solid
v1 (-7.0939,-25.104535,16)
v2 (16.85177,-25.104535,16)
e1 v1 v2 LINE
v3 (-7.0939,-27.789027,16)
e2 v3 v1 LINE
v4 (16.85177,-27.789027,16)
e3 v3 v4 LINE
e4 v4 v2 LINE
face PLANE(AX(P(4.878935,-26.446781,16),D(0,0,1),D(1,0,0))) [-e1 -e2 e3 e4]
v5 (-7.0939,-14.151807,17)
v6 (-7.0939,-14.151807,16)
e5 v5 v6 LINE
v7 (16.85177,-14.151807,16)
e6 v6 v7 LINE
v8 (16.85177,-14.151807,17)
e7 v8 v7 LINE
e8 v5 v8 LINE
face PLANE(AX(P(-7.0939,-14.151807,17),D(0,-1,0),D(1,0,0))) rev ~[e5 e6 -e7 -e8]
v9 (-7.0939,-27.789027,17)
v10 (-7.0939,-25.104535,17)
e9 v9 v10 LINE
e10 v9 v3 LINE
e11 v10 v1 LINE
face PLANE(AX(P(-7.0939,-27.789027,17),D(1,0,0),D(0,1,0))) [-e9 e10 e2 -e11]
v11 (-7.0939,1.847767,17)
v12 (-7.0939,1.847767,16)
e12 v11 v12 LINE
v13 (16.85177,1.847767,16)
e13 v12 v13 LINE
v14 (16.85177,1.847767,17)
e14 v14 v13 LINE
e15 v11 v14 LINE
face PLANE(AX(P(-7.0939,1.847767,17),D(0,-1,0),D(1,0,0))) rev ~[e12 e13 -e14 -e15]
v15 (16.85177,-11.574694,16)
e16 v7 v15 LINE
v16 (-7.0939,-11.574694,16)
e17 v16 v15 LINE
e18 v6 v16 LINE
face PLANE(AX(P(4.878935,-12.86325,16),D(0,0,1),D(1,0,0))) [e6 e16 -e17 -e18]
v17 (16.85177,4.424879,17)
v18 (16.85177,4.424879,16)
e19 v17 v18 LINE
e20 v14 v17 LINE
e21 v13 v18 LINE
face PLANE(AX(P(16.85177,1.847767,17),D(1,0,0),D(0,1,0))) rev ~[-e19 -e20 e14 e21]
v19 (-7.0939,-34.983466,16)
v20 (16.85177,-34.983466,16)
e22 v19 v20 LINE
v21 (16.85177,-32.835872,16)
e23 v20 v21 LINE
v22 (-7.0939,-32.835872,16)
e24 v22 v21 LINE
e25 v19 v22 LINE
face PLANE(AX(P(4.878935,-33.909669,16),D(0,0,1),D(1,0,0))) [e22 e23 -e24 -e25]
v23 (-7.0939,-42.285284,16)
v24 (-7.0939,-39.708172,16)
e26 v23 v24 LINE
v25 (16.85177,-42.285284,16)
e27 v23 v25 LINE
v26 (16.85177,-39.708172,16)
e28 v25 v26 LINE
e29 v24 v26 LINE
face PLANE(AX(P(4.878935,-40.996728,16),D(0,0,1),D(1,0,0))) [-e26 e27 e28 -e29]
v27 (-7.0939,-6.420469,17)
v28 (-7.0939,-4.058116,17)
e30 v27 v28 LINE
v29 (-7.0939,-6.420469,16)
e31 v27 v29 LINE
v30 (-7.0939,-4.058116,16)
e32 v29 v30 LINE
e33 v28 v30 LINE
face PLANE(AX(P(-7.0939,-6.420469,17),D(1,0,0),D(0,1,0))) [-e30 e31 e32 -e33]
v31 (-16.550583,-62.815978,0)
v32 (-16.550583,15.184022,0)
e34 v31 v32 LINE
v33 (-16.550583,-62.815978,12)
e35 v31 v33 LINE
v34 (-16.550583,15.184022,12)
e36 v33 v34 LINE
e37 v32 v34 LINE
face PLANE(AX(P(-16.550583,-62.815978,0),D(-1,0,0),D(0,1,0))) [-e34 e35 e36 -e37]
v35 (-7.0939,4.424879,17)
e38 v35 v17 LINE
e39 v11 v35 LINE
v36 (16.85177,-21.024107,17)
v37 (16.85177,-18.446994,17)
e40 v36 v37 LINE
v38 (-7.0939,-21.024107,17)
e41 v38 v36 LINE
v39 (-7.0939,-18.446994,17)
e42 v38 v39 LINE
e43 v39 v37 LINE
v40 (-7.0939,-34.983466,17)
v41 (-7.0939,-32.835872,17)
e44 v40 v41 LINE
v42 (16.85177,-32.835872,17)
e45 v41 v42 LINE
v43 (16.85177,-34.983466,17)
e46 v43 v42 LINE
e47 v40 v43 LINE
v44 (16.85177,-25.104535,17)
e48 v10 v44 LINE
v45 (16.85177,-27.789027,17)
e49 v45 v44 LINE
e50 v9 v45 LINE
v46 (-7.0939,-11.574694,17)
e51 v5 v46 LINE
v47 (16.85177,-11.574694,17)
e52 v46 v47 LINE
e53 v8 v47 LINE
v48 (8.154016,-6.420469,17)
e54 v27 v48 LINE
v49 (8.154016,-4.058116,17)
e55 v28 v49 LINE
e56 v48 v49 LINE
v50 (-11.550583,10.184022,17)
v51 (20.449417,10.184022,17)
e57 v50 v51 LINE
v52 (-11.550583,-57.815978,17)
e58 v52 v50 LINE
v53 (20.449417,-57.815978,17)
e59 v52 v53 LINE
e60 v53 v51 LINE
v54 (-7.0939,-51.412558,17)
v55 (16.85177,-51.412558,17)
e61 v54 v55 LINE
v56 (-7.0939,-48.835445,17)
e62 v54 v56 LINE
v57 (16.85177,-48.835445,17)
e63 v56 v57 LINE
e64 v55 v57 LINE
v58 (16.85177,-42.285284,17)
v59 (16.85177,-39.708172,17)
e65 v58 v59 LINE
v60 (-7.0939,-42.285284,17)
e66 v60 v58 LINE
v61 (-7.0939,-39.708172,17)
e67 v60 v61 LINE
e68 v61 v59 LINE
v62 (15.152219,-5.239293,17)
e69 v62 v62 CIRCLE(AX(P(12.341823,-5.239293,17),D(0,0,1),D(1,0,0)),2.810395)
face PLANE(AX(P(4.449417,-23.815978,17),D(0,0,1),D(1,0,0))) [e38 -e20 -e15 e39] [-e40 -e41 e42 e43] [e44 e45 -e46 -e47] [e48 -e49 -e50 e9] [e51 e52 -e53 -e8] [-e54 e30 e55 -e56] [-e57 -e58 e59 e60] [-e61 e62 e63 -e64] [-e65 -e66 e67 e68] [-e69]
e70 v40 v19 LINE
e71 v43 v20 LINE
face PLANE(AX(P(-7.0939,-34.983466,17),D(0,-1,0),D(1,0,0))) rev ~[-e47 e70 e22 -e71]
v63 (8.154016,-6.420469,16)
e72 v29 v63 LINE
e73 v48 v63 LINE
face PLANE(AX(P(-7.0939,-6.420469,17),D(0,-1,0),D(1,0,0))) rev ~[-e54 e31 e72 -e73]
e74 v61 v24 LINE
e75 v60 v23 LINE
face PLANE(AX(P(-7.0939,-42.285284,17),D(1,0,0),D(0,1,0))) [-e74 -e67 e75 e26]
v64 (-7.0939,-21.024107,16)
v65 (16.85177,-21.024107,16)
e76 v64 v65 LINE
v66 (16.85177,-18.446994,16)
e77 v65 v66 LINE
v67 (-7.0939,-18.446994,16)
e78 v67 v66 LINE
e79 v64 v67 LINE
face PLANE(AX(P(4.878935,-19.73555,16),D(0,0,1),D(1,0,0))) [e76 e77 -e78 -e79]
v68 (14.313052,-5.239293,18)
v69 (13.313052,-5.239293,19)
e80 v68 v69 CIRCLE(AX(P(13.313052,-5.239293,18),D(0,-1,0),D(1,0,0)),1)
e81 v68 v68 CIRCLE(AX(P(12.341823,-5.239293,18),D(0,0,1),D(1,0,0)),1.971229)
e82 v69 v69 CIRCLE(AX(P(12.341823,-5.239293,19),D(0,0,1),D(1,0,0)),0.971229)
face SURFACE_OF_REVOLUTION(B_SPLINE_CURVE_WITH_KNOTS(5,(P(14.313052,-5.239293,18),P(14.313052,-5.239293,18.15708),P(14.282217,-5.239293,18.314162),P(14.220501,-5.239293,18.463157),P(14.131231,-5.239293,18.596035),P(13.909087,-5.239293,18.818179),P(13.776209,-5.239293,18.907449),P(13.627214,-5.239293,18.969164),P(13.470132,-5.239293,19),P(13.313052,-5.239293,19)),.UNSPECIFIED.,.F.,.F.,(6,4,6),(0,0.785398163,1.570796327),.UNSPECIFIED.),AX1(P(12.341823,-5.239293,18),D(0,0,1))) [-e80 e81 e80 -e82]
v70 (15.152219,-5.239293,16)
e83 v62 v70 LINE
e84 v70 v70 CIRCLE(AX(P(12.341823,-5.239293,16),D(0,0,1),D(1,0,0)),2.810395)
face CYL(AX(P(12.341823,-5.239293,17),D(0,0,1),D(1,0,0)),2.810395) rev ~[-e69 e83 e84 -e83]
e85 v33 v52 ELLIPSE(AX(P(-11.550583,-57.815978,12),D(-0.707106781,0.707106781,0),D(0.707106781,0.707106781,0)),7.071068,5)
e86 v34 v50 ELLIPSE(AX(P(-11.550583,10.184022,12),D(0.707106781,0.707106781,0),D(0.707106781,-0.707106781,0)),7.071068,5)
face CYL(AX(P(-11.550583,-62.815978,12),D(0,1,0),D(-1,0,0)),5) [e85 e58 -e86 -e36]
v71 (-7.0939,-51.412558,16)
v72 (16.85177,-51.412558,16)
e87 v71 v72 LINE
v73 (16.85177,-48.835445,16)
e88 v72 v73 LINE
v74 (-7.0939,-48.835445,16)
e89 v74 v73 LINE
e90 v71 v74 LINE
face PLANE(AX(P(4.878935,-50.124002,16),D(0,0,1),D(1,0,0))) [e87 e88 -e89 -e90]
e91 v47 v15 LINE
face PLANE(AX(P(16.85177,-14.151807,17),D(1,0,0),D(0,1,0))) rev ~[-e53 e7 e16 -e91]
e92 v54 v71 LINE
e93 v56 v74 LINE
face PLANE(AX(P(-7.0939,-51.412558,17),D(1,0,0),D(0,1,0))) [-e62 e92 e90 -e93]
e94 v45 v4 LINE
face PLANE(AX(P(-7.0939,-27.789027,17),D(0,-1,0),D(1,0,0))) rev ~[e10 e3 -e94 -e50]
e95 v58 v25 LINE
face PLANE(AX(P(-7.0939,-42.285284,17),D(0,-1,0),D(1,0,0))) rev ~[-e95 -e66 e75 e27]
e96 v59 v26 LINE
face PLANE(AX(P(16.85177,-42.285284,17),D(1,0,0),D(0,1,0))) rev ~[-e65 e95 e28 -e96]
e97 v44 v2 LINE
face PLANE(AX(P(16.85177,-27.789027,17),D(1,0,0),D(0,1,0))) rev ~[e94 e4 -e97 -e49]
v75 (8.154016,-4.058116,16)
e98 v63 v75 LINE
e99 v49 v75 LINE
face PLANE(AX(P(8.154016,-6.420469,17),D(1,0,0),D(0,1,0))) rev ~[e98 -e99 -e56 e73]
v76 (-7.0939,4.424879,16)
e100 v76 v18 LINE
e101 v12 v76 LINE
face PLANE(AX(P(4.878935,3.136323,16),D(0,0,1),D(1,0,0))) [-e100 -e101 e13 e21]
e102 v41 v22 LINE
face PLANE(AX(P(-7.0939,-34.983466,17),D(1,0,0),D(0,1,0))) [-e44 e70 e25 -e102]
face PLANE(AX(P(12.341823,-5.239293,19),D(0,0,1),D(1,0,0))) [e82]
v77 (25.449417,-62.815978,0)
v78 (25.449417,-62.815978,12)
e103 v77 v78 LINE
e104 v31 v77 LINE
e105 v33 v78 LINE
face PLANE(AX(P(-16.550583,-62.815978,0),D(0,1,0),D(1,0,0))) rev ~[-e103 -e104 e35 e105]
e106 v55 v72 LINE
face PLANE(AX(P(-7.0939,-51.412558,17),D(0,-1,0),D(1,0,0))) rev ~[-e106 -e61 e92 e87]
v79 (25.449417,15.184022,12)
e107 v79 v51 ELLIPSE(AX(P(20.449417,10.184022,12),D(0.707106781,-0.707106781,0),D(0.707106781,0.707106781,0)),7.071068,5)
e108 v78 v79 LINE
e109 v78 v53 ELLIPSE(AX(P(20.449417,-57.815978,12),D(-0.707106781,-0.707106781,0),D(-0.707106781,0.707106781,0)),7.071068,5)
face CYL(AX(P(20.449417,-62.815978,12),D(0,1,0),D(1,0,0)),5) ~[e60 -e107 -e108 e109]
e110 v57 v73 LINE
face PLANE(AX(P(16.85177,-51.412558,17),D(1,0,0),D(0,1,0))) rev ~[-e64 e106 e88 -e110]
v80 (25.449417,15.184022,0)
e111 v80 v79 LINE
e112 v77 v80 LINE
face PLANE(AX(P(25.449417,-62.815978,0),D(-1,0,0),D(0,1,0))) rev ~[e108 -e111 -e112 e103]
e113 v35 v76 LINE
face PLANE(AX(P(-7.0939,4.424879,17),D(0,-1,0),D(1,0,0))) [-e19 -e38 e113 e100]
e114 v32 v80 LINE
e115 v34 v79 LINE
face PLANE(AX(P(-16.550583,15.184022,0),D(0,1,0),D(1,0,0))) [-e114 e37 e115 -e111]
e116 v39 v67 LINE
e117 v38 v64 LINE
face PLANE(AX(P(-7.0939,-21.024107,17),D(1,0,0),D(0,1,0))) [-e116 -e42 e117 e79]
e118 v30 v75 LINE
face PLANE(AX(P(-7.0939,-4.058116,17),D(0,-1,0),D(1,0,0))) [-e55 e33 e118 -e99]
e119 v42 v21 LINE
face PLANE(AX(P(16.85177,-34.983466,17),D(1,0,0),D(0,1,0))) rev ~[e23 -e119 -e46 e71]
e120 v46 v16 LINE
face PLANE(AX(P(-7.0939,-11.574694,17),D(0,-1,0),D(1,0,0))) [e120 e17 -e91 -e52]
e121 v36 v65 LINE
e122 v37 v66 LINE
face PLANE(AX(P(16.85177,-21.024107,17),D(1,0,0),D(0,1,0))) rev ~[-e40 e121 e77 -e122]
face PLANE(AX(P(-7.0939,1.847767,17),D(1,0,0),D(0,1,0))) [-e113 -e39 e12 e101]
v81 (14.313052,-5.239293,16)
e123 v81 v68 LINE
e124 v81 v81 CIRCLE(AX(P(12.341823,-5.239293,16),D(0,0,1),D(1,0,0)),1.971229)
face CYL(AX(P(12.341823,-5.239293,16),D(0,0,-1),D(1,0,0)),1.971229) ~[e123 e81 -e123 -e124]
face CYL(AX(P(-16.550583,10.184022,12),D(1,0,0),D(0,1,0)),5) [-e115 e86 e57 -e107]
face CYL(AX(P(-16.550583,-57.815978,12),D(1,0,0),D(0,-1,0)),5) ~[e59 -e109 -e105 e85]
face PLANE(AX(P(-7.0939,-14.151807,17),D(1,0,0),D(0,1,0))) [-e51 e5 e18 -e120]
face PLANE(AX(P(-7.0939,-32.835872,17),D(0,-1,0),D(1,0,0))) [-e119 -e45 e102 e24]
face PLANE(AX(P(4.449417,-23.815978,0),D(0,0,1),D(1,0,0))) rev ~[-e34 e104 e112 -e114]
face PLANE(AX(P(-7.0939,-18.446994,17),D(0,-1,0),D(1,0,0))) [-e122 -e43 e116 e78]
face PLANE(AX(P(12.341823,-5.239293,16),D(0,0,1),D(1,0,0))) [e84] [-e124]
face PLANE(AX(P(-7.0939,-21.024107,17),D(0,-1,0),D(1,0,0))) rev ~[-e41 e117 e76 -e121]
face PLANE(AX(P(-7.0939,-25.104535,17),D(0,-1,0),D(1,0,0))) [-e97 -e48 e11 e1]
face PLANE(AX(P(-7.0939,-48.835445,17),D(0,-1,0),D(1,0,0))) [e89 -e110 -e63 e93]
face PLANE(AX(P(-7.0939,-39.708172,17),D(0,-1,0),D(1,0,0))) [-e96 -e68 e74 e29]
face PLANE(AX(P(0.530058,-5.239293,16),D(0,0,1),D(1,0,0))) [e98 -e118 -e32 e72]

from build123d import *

# Parameters (mm, degrees)
SKETCH_1_W          = 42
SKETCH_1_H          = 78
EXTRUDE_1_DEPTH     = 17
FILLET_1_R          = 5
SKETCH_2_R          = 2.810395333
SKETCH_2_W          = 23.945669991
SKETCH_2_H          = 2.577112466
SKETCH_2_W_2        = 15.24791542
SKETCH_2_H_2        = 2.362353093
SKETCH_2_H_3        = 2.577112465
SKETCH_2_H_4        = 2.684492151
SKETCH_2_H_5        = 2.147593721
CUT_EXTRUDE_1_DEPTH = 1
SKETCH_3_R          = 1.971229003
EXTRUDE_2_DEPTH     = 3
FILLET_2_R          = 1


with BuildPart() as part:
    # Эскиз1 → Бобышка-Вытянуть1 (new body)
    with BuildSketch(Plane.XY):
        with Locations((4.449416517, -23.815978456)):
            Rectangle(SKETCH_1_W, SKETCH_1_H)
    extrude(amount=EXTRUDE_1_DEPTH)

    # Скругление1
    fillet_1_edges = [part.edges().sort_by_distance(p)[0] for p in [
        (25.449416517, -23.815978456, 17),
        (4.449416517, 15.184021544, 17),
        (-16.550583483, -23.815978456, 17),
        (4.449416517, -62.815978456, 17),
    ]]
    fillet(fillet_1_edges, radius=FILLET_1_R)

    # Эскиз2 → Вырез-Вытянуть1 (cut)
    with BuildSketch(Plane.XY.offset(17)):
        with Locations((12.341823442, -5.239292768)):
            Circle(SKETCH_2_R)
        with Locations((4.878935262, 3.136322744)):
            Rectangle(SKETCH_2_W, SKETCH_2_H)
        with Locations((0.530057976, -5.239292769)):
            Rectangle(SKETCH_2_W_2, SKETCH_2_H_2)
        with Locations((4.878935262, -12.863250478)):
            Rectangle(SKETCH_2_W, SKETCH_2_H_3)
        with Locations((4.878935262, -19.735550386)):
            Rectangle(SKETCH_2_W, SKETCH_2_H)
        with Locations((4.878935262, -26.446780765)):
            Rectangle(SKETCH_2_W, SKETCH_2_H_4)
        with Locations((4.878935262, -33.909668946)):
            Rectangle(SKETCH_2_W, SKETCH_2_H_5)
        with Locations((4.878935262, -40.996728225)):
            Rectangle(SKETCH_2_W, SKETCH_2_H)
        with Locations((4.878935262, -50.12400154)):
            Rectangle(SKETCH_2_W, SKETCH_2_H_3)
    extrude(amount=-CUT_EXTRUDE_1_DEPTH, mode=Mode.SUBTRACT)

    # Эскиз3 → Бобышка-Вытянуть2 (add)
    with BuildSketch(Plane.XY.offset(16)):
        with Locations((12.341823442, -5.239292768)):
            Circle(SKETCH_3_R)
    extrude(amount=EXTRUDE_2_DEPTH)

    # Скругление2
    fillet_2_edges = [part.edges().sort_by_distance(p)[0] for p in [
        (10.370594439, -5.239292768, 19),
    ]]
    fillet(fillet_2_edges, radius=FILLET_2_R)


solid = part.part
